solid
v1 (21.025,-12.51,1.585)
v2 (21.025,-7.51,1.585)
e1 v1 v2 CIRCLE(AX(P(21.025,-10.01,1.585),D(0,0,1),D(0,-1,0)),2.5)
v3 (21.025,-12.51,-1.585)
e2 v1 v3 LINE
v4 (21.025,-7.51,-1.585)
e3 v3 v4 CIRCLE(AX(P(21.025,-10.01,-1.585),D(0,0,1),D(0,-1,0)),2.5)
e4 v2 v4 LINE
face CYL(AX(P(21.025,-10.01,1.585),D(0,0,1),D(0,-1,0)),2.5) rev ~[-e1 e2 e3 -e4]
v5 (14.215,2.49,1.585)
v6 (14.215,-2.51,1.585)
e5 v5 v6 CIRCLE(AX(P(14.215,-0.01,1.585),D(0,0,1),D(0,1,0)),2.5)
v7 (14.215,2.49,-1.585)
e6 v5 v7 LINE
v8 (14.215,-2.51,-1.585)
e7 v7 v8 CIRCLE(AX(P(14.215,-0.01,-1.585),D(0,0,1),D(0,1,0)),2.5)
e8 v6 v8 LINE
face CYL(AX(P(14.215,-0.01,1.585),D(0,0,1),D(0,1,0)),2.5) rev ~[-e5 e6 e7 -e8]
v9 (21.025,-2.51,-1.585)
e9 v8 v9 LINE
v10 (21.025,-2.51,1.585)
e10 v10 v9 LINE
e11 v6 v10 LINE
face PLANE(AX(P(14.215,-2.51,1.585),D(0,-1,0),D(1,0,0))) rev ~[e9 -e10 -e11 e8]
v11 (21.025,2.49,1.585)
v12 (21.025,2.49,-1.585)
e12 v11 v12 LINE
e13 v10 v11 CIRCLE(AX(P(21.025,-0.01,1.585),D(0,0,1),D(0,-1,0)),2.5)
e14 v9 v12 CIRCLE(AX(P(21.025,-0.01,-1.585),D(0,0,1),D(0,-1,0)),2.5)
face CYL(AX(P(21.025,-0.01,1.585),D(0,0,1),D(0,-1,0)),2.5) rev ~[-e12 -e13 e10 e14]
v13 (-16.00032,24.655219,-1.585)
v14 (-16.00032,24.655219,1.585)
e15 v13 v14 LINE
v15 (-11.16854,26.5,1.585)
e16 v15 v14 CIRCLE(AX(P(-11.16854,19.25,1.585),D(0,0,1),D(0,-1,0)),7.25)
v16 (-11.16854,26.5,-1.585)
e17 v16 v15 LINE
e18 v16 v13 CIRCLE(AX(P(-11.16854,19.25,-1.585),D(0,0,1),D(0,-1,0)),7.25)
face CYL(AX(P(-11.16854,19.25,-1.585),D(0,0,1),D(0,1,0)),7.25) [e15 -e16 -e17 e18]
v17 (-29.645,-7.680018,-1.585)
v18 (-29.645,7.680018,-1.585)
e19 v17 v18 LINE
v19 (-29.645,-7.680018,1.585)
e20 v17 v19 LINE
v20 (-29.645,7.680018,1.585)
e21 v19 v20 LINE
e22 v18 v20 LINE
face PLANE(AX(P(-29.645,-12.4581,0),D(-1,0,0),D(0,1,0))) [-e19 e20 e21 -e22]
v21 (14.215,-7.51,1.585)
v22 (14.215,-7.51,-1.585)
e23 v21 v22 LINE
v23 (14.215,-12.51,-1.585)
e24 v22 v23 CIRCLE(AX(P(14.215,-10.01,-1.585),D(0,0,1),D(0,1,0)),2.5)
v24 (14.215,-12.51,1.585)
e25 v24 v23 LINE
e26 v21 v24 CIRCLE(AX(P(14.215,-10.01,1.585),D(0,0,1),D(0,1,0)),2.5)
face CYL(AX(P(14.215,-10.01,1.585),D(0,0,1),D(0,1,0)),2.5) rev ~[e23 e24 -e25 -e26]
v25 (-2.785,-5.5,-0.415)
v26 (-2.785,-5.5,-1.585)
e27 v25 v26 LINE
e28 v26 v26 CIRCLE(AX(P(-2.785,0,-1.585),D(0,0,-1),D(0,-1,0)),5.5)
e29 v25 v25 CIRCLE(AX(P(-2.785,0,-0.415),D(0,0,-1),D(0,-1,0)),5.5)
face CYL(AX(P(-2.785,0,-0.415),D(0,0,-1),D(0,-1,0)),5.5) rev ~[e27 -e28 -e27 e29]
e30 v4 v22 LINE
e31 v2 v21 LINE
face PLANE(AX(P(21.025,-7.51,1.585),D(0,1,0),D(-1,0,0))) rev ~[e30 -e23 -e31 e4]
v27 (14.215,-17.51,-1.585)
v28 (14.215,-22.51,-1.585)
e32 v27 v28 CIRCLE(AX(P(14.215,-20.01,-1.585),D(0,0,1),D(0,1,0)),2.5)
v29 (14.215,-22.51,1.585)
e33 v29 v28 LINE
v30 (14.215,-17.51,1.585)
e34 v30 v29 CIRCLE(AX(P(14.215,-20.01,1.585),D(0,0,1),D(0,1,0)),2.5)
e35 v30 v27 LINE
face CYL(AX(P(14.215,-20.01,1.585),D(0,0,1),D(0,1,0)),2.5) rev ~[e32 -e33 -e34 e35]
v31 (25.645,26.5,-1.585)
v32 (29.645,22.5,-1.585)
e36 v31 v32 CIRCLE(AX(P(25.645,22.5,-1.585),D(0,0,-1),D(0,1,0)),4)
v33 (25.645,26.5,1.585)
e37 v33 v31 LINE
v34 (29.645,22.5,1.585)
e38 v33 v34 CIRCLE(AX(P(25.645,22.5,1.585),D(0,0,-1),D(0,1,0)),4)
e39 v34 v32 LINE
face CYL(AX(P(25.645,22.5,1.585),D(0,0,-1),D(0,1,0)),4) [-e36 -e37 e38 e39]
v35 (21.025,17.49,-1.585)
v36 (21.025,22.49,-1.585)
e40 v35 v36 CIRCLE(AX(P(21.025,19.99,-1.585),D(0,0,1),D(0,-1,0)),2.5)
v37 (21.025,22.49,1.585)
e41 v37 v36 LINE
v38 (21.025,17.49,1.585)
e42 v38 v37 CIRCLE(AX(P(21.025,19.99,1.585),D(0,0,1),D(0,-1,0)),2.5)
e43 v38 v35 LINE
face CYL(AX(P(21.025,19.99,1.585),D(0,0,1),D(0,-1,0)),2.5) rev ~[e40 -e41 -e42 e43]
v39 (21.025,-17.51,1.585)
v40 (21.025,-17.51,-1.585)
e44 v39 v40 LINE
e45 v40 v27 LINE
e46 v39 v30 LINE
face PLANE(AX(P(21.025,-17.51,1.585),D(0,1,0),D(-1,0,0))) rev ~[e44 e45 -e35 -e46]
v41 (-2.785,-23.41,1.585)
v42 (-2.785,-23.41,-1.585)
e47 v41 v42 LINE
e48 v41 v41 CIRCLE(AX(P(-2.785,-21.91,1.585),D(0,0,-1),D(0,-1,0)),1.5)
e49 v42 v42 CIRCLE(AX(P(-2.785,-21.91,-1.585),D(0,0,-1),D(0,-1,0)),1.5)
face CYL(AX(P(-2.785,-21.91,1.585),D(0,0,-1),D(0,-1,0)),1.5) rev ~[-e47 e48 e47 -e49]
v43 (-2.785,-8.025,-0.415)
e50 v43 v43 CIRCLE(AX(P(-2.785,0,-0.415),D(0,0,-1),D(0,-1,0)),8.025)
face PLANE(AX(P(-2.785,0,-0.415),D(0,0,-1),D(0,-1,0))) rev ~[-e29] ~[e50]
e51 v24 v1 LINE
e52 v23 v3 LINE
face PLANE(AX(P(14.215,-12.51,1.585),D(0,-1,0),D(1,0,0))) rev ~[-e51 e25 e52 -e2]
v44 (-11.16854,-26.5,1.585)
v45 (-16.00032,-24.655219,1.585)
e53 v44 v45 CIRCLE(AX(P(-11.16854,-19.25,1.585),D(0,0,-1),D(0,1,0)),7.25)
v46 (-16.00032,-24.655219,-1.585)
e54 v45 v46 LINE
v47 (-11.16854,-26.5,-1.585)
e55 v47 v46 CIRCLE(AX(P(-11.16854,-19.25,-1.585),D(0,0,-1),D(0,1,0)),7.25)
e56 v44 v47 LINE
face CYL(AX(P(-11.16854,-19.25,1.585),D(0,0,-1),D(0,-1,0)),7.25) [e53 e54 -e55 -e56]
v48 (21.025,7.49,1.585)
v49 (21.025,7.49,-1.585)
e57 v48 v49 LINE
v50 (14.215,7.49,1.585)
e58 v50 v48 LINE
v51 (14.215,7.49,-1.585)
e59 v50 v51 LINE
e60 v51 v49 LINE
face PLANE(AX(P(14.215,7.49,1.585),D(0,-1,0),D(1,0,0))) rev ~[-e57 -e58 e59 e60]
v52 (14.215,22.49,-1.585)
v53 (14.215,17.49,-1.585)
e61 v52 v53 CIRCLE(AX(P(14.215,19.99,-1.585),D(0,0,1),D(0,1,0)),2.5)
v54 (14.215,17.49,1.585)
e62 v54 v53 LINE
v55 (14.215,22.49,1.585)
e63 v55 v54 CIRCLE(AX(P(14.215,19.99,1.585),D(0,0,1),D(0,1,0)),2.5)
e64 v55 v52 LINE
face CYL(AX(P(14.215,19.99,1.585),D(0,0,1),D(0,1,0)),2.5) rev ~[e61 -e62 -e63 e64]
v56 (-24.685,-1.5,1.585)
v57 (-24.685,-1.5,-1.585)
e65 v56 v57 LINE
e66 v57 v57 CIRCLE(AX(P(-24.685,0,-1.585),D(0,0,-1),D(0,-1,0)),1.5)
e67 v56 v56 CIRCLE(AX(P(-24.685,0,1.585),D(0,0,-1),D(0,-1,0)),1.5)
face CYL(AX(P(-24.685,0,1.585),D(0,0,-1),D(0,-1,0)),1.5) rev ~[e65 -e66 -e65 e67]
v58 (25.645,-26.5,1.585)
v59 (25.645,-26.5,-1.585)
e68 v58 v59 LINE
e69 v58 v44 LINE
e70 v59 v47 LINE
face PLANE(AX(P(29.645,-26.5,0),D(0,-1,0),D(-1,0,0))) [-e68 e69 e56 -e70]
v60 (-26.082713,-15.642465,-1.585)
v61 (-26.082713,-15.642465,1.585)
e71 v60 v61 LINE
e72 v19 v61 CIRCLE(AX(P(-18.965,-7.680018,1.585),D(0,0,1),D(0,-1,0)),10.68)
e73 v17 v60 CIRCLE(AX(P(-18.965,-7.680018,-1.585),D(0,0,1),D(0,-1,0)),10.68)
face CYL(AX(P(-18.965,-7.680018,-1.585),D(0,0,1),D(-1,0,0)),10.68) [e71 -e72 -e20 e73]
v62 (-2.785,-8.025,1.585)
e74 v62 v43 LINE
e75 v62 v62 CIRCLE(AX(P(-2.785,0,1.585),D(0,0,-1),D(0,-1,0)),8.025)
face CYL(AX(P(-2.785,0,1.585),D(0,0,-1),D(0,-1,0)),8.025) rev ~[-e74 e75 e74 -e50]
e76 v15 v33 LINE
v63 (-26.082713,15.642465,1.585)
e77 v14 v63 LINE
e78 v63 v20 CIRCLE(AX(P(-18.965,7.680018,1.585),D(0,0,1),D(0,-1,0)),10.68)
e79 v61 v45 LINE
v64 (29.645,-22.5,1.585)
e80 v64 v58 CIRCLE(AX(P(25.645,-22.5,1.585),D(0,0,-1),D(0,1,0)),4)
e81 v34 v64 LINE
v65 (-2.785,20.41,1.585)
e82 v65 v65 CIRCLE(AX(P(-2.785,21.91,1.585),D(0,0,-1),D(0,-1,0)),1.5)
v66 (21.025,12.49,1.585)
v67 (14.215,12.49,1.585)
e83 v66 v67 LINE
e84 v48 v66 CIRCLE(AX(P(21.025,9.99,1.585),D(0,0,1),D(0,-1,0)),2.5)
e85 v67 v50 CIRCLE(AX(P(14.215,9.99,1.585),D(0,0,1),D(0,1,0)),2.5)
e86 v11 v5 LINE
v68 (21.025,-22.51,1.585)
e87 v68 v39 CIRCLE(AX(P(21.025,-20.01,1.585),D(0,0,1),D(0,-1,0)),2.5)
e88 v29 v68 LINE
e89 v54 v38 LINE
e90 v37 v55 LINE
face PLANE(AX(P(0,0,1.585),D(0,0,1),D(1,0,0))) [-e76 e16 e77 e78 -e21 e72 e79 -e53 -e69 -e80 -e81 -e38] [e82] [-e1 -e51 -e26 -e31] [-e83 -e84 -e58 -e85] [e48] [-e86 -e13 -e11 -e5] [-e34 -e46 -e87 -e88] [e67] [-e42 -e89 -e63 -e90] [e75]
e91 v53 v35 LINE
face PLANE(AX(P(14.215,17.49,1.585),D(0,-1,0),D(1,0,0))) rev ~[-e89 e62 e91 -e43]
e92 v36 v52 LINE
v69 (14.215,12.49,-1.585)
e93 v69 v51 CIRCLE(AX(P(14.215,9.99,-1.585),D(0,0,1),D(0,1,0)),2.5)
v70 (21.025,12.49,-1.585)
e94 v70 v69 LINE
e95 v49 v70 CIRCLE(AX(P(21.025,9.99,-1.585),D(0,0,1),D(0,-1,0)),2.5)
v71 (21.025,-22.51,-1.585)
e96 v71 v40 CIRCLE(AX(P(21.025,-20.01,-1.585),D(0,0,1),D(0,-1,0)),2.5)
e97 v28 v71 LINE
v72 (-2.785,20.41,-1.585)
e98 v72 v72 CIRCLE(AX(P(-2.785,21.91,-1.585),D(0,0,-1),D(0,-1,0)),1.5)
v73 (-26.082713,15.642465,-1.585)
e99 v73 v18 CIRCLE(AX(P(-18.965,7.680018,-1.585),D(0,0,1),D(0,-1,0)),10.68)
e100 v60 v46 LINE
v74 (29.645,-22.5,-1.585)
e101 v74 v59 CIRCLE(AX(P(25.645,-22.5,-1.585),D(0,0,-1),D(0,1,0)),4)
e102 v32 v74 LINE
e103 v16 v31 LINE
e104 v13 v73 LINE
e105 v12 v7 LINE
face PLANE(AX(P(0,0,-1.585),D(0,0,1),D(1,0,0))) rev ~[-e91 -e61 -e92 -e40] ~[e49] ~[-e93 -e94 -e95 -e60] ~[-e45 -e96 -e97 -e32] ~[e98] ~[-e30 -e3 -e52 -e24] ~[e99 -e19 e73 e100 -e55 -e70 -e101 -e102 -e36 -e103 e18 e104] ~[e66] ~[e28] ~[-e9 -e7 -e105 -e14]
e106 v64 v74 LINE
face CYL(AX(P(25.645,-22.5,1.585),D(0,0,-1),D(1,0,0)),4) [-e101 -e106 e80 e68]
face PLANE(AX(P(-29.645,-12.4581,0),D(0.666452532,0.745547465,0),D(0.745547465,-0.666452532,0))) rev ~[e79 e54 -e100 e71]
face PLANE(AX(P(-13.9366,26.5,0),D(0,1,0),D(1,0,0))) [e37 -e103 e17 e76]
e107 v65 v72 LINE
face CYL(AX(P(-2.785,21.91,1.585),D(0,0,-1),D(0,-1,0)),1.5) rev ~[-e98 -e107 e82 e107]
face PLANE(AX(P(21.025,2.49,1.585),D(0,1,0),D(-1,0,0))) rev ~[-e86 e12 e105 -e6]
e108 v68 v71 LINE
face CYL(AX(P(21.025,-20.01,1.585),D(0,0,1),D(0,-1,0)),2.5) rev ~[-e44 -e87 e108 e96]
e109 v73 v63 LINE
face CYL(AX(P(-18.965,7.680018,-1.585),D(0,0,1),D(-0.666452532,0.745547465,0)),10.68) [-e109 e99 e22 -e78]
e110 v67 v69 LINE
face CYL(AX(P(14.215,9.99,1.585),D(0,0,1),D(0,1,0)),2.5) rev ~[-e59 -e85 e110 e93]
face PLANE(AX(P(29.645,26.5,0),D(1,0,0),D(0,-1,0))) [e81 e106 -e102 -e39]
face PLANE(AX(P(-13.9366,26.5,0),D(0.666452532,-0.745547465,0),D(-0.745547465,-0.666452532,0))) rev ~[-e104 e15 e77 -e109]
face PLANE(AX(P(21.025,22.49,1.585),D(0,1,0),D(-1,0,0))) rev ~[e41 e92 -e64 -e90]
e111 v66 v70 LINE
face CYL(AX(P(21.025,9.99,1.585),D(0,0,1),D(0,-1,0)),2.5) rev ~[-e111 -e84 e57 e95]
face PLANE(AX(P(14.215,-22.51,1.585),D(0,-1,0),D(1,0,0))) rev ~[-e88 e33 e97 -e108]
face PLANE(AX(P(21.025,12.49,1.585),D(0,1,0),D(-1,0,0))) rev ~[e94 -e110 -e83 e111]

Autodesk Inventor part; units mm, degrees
ref_plane "YZ Plane" through (0, 0, 0) normal (1, 0, 0) x (0, 1, 0)
ref_plane "XZ Plane" through (0, 0, 0) normal (0, 1, 0) x (-1, 0, 0)
ref_plane "XY Plane" through (0, 0, 0) normal (0, 0, 1) x (1, 0, 0)
sketch "Sketch1" plane through (0, 0, 0) normal (0, 0, 1) x (1, 0, 0)
  line L0 (-13.9366, 26.5) -> (29.645, 26.5)
  line L1 (29.645, 26.5) -> (29.645, -26.5)
  line L2 (29.645, -26.5) -> (-13.9366, -26.5)
  line L3 (-29.645, -12.4581) -> (-29.645, 12.4581)
  line L4 (-29.645, 26.5) -> (29.645, -26.5) construction
  line L5 (29.645, 26.5) -> (-29.645, -26.5) construction
  circle A0 centre (-11.1685, 19.25) radius 7.25 construction
  circle A1 centre (-18.965, 7.68) radius 10.68 construction
  line L6 (-29.645, 7.68) -> (29.645, 7.68) construction
  line L7 (29.645, 0) -> (-29.645, 0) construction
  line L8 (29.645, 26.5) -> (-12.105, 26.5) construction
  line L9 (-16.0003, 24.6552) -> (-26.0827, 15.6424) construction
  line L10 (-13.9366, 26.5) -> (-29.645, 12.4581)
  line L11 (-29.645, -12.4581) -> (-13.9366, -26.5)
  line L12 (-13.9366, 26.5) -> (-13.9366, -26.5) construction
  point P0 (0, 0)
  dimension "d3" = 14.5
  dimension "d4" = 21.36
  dimension "d0" = 59.29
  dimension "d2" = 53
  dimension "d6" = 7.68
  dimension "d7" = 41.75
  dimension "d8" = 12.4581
  dimension "d9" = 12.4581
  dimension "d10" = 43.5816
  dimension "d11" = 59.29
extrude "Extrusion1" add sketch "Sketch1" along normal mid plane 3.17
sketch "Sketch2" plane through (0, 0, 1.585) normal (0, 0, 1) x (1, 0, 0)
  line L0 (-29.645, 12.4581) -> (-29.645, -12.4581) projected
  line L1 (-13.9366, -26.5) -> (29.645, -26.5) projected
  line L2 (21.025, -17.51) -> (14.215, -17.51)
  line L3 (14.215, -17.51) -> (14.215, -22.51)
  line L4 (14.215, -22.51) -> (21.025, -22.51)
  line L5 (21.025, -22.51) -> (21.025, -17.51)
  line L6 (21.025, -17.51) -> (14.215, -22.51) construction
  line L7 (14.215, -17.51) -> (21.025, -22.51) construction
  arc A0 (14.215, -17.51) -> (14.215, -22.51) centre (14.215, -20.01) ccw
  arc A1 (21.025, -22.51) -> (21.025, -17.51) centre (21.025, -20.01) ccw
  point P0 (0, 0)
  point P1 (17.62, -20.01)
  dimension "d14" = 6.49
  dimension "d15" = 6.81
  dimension "d16" = 5
  dimension "d17" = 11.81
  dimension "d18" = 43.86
extrude "Extrusion2" cut sketch "Sketch2" against normal through all
pattern_linear "Rectangular Pattern1" count 5 spacing 10 along (0, 1, 0) of "Extrusion2"
sketch "Sketch3" plane through (0, 0, 1.585) normal (0, 0, 1) x (1, 0, 0)
  line L0 (-29.645, 12.4581) -> (-29.645, -12.4581) projected
  point P0 (0, 0)
  point P1 (-2.785, 0)
  dimension "d24" = 26.86
hole "Hole1" at (-2.785, 0, 1.585) direction (0, 0, -1) diameter 11 end through all counterbore diameter 16.05 counterbore depth 2
sketch "Sketch4" plane through (0, 0, 1.585) normal (0, 0, 1) x (1, 0, 0)
  circle A0 centre (-2.785, 0) radius 8.025 projected
  line L0 (-29.645, 12.4581) -> (-29.645, -12.4581) projected
  point P0 (0, 0)
  point P1 (-2.785, 21.91)
  point P2 (-2.785, -21.91)
  point P3 (-24.685, 0)
  dimension "d34" = 26.86
  dimension "d35" = 43.82
  dimension "d36" = 21.91
  dimension "d37" = 4.96
  dimension "d38" = 21.9
hole "Hole2" at (-2.785, 21.91, 1.585) at (-2.785, -21.91, 1.585) at (-24.685, 0, 1.585) direction (0, 0, -1) diameter 3 end through all
fillet "Fillet1" radius 7.25 1 edges at (-13.9366, -26.5, 0)
fillet "Fillet2" radius 7.25 1 edges at (-13.9366, 26.5, 0)
fillet "Fillet3" radius 10.68 2 edges at (-29.645, 12.4581, 0) (-29.645, -12.4581, 0)
fillet "Fillet4" radius 4 2 edges at (29.645, -26.5, 0) (29.645, 26.5, 0)
equation "\"d9\" = d8"
properties part number "Threaded Rod Plate" material "Aluminum 6061"
